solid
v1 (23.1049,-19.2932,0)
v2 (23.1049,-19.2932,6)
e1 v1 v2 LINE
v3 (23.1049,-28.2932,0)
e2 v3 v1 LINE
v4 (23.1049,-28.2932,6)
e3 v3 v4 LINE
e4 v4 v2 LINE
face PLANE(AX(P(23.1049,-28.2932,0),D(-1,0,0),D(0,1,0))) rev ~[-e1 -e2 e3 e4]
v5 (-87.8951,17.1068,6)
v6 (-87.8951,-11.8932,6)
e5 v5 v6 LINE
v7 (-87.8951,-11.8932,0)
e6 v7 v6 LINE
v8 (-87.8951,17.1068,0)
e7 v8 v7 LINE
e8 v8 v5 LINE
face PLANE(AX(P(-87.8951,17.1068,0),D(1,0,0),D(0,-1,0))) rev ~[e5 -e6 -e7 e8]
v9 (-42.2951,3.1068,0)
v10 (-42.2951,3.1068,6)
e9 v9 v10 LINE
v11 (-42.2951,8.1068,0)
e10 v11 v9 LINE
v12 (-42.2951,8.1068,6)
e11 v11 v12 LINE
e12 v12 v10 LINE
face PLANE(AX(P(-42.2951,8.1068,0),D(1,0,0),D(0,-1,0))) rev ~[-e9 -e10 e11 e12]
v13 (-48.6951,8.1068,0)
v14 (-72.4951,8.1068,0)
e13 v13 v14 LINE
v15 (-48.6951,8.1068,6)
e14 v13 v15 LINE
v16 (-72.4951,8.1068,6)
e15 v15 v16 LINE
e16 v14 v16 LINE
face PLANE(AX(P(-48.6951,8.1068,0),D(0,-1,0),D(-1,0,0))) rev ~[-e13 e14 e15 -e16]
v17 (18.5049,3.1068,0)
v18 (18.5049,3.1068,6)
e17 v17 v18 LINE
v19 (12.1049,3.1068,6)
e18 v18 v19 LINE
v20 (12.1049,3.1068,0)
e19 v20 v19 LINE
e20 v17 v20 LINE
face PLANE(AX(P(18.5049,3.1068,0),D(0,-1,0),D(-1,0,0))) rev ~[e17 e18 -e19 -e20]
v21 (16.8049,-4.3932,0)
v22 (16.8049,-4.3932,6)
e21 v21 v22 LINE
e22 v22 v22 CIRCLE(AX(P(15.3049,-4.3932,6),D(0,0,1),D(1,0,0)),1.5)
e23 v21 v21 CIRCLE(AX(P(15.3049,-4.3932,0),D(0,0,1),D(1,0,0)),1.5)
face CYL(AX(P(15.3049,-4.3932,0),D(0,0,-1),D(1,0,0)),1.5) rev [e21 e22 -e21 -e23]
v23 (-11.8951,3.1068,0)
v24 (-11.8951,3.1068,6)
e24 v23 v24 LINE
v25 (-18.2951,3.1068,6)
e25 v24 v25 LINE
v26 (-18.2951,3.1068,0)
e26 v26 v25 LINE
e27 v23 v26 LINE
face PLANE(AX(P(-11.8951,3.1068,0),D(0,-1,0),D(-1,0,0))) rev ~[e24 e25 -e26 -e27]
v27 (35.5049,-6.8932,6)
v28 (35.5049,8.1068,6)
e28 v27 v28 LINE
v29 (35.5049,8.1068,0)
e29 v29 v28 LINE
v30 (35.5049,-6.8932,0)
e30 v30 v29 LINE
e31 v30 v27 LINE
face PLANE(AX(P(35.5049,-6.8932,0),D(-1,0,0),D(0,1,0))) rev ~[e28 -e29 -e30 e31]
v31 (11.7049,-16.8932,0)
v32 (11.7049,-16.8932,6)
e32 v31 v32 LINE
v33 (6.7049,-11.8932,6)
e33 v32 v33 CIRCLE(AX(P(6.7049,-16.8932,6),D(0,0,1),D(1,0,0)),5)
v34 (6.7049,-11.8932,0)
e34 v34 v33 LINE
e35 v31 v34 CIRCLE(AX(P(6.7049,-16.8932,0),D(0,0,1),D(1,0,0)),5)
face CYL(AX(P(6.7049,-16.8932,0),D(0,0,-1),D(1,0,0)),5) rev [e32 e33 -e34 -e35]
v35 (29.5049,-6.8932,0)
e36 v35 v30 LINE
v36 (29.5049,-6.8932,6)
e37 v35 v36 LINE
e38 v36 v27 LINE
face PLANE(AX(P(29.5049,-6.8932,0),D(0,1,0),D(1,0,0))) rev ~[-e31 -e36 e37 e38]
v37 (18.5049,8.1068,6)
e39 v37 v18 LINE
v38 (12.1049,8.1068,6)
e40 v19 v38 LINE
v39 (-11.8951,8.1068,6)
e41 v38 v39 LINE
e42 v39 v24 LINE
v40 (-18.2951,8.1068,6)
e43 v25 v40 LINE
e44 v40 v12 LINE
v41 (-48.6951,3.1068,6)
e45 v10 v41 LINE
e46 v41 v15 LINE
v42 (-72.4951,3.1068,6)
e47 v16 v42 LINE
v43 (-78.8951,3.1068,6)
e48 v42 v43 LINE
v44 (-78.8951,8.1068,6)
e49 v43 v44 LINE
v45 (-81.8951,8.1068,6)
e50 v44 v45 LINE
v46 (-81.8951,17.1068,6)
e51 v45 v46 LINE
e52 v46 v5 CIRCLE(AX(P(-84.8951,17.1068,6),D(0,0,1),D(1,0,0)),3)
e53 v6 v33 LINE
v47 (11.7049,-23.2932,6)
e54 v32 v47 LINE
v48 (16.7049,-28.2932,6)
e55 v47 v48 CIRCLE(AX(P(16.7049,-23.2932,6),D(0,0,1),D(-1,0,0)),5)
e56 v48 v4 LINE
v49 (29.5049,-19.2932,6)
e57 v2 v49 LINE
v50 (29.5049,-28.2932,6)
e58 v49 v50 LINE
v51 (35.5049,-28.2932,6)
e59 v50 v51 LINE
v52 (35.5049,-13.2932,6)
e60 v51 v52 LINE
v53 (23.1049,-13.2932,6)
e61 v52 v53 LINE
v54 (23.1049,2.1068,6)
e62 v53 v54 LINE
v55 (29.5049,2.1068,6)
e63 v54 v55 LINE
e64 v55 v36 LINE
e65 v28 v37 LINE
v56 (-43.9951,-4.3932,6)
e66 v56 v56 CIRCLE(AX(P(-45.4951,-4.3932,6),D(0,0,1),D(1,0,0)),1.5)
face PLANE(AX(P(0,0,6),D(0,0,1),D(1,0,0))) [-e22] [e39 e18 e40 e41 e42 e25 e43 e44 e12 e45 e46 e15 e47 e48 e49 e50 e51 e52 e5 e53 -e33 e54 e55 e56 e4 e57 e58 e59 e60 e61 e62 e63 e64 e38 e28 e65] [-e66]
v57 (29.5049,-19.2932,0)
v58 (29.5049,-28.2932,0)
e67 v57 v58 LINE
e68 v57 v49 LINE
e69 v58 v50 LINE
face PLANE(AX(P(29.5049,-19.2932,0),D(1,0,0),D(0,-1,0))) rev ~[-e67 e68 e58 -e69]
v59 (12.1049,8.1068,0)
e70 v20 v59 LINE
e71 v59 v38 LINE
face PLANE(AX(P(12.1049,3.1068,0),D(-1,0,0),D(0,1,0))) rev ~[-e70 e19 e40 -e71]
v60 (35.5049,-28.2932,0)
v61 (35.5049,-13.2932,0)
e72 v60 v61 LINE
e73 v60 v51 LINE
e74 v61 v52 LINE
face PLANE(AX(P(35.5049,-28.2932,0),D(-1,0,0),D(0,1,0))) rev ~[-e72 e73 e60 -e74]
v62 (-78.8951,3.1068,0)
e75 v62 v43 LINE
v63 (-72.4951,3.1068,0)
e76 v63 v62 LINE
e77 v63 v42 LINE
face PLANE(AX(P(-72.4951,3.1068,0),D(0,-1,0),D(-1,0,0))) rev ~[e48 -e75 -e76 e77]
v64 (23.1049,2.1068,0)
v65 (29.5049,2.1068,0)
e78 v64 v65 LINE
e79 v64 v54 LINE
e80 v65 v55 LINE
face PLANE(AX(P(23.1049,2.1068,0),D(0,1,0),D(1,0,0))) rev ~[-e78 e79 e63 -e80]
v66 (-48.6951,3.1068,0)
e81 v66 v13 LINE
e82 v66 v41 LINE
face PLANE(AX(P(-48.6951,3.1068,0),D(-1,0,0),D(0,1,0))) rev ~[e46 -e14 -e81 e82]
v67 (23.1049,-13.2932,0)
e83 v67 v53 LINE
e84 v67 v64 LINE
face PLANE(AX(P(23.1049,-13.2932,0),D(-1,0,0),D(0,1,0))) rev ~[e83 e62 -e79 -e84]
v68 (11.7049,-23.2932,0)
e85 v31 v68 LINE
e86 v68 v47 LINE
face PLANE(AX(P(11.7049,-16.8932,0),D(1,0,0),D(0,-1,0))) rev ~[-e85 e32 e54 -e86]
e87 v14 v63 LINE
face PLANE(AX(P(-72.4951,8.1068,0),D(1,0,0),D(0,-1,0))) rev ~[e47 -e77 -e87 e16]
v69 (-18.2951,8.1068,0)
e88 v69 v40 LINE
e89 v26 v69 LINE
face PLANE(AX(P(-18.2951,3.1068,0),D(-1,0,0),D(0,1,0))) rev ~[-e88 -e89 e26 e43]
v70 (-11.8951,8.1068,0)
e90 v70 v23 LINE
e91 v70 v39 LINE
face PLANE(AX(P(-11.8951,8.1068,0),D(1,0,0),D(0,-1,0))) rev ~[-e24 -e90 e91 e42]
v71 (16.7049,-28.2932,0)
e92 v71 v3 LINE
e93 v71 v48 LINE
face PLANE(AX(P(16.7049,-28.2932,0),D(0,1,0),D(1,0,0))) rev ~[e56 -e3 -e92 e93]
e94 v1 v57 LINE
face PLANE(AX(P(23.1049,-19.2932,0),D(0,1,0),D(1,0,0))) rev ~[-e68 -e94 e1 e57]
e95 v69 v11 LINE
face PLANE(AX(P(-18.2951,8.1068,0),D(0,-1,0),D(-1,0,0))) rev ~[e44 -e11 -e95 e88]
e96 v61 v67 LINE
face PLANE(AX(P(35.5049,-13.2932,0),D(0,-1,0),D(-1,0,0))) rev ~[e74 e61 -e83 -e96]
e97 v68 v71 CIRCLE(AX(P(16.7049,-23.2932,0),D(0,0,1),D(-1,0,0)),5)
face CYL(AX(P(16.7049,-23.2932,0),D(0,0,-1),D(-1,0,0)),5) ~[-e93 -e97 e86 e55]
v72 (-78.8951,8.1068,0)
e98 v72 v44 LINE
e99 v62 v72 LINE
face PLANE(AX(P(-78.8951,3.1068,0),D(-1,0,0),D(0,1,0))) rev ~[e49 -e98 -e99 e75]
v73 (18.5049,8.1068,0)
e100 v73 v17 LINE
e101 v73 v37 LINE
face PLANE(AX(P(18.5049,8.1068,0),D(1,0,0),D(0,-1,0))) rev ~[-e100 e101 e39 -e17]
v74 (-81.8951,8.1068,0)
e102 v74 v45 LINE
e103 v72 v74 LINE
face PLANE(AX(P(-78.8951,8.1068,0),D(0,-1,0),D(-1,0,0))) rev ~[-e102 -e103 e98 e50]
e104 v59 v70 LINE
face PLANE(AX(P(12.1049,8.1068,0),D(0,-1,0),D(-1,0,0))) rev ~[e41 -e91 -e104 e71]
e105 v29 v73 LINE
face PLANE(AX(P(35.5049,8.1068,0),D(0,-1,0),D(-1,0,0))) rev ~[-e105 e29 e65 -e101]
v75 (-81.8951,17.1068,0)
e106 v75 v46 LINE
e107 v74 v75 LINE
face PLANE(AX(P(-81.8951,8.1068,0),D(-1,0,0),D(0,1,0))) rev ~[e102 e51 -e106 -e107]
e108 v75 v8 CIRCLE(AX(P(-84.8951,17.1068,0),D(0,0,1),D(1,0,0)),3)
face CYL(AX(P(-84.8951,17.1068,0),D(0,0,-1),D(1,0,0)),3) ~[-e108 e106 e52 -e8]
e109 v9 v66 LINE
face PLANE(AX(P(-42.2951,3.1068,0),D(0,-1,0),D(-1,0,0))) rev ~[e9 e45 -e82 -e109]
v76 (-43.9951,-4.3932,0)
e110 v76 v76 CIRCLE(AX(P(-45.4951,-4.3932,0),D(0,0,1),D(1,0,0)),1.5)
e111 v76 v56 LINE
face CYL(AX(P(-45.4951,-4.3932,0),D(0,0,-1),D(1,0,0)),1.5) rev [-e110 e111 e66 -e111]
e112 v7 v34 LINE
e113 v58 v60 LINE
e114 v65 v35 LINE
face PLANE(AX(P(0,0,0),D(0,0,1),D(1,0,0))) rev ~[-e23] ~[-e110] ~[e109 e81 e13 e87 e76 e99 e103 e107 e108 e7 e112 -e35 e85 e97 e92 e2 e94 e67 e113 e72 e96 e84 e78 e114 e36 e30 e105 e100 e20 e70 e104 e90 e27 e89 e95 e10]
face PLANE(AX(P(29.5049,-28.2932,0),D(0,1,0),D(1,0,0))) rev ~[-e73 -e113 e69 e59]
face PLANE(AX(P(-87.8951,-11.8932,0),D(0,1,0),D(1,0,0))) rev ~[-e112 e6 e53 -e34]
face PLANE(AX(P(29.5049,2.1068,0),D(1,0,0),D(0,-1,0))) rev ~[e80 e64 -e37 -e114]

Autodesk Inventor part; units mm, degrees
ref_plane "YZ Plane" through (0, 0, 0) normal (1, 0, 0) x (0, 1, 0)
ref_plane "XZ Plane" through (0, 0, 0) normal (0, 1, 0) x (-1, 0, 0)
ref_plane "XY Plane" through (0, 0, 0) normal (0, 0, 1) x (1, 0, 0)
sketch "Sketch1" plane through (0, 0, 0) normal (0, 0, 1) x (1, 0, 0)
  arc A0 (11.7049, -23.2932) -> (16.7049, -28.2932) centre (16.7049, -23.2932) ccw
  line L0 (16.7049, -28.2932) -> (23.1049, -28.2932)
  line L1 (23.1049, -28.2932) -> (23.1049, -19.2932)
  line L2 (23.1049, -19.2932) -> (29.5049, -19.2932)
  line L3 (29.5049, -19.2932) -> (29.5049, -28.2932)
  line L4 (29.5049, -28.2932) -> (35.5049, -28.2932)
  line L5 (35.5049, -28.2932) -> (35.5049, -13.2932)
  line L6 (35.5049, -13.2932) -> (23.1049, -13.2932)
  line L7 (23.1049, -13.2932) -> (23.1049, 2.1068)
  line L8 (23.1049, 2.1068) -> (29.5049, 2.1068)
  line L9 (29.5049, 2.1068) -> (29.5049, -6.8932)
  line L10 (29.5049, -6.8932) -> (35.5049, -6.8932)
  line L11 (35.5049, -6.8932) -> (35.5049, 8.1068)
  line L12 (35.5049, 8.1068) -> (18.5049, 8.1068)
  line L13 (18.5049, 8.1068) -> (18.5049, 3.1068)
  line L14 (18.5049, 3.1068) -> (12.1049, 3.1068)
  line L15 (12.1049, 3.1068) -> (12.1049, 8.1068)
  line L16 (12.1049, 8.1068) -> (-11.8951, 8.1068)
  line L17 (-11.8951, 8.1068) -> (-11.8951, 3.1068)
  line L18 (-11.8951, 3.1068) -> (-18.2951, 3.1068)
  line L19 (-18.2951, 3.1068) -> (-18.2951, 8.1068)
  line L20 (-18.2951, 8.1068) -> (-42.2951, 8.1068)
  line L21 (-42.2951, 8.1068) -> (-42.2951, 3.1068)
  line L22 (-42.2951, 3.1068) -> (-48.6951, 3.1068)
  line L23 (-48.6951, 3.1068) -> (-48.6951, 8.1068)
  line L24 (-48.6951, 8.1068) -> (-72.4951, 8.1068)
  line L25 (-72.4951, 8.1068) -> (-72.4951, 3.1068)
  line L26 (-72.4951, 3.1068) -> (-78.8951, 3.1068)
  line L27 (-78.8951, 3.1068) -> (-78.8951, 8.1068)
  line L28 (-78.8951, 8.1068) -> (-81.8951, 8.1068)
  line L29 (-81.8951, 8.1068) -> (-81.8951, 17.1068)
  arc A1 (-81.8951, 17.1068) -> (-87.8951, 17.1068) centre (-84.8951, 17.1068) ccw
  line L30 (-87.8951, 17.1068) -> (-87.8951, -11.8932)
  line L31 (-87.8951, -11.8932) -> (6.7049, -11.8932)
  arc A2 (11.7049, -16.8932) -> (6.7049, -11.8932) centre (6.7049, -16.8932) ccw
  line L32 (11.7049, -16.8932) -> (11.7049, -23.2932)
  circle A3 centre (-45.4951, -4.3932) radius 1.5
  circle A4 centre (15.3049, -4.3932) radius 1.5
  point P0 (0, 0)
extrude "Extrusion1" add sketch "Sketch1" along normal blind 6
properties part number "spoolHolder_a"
